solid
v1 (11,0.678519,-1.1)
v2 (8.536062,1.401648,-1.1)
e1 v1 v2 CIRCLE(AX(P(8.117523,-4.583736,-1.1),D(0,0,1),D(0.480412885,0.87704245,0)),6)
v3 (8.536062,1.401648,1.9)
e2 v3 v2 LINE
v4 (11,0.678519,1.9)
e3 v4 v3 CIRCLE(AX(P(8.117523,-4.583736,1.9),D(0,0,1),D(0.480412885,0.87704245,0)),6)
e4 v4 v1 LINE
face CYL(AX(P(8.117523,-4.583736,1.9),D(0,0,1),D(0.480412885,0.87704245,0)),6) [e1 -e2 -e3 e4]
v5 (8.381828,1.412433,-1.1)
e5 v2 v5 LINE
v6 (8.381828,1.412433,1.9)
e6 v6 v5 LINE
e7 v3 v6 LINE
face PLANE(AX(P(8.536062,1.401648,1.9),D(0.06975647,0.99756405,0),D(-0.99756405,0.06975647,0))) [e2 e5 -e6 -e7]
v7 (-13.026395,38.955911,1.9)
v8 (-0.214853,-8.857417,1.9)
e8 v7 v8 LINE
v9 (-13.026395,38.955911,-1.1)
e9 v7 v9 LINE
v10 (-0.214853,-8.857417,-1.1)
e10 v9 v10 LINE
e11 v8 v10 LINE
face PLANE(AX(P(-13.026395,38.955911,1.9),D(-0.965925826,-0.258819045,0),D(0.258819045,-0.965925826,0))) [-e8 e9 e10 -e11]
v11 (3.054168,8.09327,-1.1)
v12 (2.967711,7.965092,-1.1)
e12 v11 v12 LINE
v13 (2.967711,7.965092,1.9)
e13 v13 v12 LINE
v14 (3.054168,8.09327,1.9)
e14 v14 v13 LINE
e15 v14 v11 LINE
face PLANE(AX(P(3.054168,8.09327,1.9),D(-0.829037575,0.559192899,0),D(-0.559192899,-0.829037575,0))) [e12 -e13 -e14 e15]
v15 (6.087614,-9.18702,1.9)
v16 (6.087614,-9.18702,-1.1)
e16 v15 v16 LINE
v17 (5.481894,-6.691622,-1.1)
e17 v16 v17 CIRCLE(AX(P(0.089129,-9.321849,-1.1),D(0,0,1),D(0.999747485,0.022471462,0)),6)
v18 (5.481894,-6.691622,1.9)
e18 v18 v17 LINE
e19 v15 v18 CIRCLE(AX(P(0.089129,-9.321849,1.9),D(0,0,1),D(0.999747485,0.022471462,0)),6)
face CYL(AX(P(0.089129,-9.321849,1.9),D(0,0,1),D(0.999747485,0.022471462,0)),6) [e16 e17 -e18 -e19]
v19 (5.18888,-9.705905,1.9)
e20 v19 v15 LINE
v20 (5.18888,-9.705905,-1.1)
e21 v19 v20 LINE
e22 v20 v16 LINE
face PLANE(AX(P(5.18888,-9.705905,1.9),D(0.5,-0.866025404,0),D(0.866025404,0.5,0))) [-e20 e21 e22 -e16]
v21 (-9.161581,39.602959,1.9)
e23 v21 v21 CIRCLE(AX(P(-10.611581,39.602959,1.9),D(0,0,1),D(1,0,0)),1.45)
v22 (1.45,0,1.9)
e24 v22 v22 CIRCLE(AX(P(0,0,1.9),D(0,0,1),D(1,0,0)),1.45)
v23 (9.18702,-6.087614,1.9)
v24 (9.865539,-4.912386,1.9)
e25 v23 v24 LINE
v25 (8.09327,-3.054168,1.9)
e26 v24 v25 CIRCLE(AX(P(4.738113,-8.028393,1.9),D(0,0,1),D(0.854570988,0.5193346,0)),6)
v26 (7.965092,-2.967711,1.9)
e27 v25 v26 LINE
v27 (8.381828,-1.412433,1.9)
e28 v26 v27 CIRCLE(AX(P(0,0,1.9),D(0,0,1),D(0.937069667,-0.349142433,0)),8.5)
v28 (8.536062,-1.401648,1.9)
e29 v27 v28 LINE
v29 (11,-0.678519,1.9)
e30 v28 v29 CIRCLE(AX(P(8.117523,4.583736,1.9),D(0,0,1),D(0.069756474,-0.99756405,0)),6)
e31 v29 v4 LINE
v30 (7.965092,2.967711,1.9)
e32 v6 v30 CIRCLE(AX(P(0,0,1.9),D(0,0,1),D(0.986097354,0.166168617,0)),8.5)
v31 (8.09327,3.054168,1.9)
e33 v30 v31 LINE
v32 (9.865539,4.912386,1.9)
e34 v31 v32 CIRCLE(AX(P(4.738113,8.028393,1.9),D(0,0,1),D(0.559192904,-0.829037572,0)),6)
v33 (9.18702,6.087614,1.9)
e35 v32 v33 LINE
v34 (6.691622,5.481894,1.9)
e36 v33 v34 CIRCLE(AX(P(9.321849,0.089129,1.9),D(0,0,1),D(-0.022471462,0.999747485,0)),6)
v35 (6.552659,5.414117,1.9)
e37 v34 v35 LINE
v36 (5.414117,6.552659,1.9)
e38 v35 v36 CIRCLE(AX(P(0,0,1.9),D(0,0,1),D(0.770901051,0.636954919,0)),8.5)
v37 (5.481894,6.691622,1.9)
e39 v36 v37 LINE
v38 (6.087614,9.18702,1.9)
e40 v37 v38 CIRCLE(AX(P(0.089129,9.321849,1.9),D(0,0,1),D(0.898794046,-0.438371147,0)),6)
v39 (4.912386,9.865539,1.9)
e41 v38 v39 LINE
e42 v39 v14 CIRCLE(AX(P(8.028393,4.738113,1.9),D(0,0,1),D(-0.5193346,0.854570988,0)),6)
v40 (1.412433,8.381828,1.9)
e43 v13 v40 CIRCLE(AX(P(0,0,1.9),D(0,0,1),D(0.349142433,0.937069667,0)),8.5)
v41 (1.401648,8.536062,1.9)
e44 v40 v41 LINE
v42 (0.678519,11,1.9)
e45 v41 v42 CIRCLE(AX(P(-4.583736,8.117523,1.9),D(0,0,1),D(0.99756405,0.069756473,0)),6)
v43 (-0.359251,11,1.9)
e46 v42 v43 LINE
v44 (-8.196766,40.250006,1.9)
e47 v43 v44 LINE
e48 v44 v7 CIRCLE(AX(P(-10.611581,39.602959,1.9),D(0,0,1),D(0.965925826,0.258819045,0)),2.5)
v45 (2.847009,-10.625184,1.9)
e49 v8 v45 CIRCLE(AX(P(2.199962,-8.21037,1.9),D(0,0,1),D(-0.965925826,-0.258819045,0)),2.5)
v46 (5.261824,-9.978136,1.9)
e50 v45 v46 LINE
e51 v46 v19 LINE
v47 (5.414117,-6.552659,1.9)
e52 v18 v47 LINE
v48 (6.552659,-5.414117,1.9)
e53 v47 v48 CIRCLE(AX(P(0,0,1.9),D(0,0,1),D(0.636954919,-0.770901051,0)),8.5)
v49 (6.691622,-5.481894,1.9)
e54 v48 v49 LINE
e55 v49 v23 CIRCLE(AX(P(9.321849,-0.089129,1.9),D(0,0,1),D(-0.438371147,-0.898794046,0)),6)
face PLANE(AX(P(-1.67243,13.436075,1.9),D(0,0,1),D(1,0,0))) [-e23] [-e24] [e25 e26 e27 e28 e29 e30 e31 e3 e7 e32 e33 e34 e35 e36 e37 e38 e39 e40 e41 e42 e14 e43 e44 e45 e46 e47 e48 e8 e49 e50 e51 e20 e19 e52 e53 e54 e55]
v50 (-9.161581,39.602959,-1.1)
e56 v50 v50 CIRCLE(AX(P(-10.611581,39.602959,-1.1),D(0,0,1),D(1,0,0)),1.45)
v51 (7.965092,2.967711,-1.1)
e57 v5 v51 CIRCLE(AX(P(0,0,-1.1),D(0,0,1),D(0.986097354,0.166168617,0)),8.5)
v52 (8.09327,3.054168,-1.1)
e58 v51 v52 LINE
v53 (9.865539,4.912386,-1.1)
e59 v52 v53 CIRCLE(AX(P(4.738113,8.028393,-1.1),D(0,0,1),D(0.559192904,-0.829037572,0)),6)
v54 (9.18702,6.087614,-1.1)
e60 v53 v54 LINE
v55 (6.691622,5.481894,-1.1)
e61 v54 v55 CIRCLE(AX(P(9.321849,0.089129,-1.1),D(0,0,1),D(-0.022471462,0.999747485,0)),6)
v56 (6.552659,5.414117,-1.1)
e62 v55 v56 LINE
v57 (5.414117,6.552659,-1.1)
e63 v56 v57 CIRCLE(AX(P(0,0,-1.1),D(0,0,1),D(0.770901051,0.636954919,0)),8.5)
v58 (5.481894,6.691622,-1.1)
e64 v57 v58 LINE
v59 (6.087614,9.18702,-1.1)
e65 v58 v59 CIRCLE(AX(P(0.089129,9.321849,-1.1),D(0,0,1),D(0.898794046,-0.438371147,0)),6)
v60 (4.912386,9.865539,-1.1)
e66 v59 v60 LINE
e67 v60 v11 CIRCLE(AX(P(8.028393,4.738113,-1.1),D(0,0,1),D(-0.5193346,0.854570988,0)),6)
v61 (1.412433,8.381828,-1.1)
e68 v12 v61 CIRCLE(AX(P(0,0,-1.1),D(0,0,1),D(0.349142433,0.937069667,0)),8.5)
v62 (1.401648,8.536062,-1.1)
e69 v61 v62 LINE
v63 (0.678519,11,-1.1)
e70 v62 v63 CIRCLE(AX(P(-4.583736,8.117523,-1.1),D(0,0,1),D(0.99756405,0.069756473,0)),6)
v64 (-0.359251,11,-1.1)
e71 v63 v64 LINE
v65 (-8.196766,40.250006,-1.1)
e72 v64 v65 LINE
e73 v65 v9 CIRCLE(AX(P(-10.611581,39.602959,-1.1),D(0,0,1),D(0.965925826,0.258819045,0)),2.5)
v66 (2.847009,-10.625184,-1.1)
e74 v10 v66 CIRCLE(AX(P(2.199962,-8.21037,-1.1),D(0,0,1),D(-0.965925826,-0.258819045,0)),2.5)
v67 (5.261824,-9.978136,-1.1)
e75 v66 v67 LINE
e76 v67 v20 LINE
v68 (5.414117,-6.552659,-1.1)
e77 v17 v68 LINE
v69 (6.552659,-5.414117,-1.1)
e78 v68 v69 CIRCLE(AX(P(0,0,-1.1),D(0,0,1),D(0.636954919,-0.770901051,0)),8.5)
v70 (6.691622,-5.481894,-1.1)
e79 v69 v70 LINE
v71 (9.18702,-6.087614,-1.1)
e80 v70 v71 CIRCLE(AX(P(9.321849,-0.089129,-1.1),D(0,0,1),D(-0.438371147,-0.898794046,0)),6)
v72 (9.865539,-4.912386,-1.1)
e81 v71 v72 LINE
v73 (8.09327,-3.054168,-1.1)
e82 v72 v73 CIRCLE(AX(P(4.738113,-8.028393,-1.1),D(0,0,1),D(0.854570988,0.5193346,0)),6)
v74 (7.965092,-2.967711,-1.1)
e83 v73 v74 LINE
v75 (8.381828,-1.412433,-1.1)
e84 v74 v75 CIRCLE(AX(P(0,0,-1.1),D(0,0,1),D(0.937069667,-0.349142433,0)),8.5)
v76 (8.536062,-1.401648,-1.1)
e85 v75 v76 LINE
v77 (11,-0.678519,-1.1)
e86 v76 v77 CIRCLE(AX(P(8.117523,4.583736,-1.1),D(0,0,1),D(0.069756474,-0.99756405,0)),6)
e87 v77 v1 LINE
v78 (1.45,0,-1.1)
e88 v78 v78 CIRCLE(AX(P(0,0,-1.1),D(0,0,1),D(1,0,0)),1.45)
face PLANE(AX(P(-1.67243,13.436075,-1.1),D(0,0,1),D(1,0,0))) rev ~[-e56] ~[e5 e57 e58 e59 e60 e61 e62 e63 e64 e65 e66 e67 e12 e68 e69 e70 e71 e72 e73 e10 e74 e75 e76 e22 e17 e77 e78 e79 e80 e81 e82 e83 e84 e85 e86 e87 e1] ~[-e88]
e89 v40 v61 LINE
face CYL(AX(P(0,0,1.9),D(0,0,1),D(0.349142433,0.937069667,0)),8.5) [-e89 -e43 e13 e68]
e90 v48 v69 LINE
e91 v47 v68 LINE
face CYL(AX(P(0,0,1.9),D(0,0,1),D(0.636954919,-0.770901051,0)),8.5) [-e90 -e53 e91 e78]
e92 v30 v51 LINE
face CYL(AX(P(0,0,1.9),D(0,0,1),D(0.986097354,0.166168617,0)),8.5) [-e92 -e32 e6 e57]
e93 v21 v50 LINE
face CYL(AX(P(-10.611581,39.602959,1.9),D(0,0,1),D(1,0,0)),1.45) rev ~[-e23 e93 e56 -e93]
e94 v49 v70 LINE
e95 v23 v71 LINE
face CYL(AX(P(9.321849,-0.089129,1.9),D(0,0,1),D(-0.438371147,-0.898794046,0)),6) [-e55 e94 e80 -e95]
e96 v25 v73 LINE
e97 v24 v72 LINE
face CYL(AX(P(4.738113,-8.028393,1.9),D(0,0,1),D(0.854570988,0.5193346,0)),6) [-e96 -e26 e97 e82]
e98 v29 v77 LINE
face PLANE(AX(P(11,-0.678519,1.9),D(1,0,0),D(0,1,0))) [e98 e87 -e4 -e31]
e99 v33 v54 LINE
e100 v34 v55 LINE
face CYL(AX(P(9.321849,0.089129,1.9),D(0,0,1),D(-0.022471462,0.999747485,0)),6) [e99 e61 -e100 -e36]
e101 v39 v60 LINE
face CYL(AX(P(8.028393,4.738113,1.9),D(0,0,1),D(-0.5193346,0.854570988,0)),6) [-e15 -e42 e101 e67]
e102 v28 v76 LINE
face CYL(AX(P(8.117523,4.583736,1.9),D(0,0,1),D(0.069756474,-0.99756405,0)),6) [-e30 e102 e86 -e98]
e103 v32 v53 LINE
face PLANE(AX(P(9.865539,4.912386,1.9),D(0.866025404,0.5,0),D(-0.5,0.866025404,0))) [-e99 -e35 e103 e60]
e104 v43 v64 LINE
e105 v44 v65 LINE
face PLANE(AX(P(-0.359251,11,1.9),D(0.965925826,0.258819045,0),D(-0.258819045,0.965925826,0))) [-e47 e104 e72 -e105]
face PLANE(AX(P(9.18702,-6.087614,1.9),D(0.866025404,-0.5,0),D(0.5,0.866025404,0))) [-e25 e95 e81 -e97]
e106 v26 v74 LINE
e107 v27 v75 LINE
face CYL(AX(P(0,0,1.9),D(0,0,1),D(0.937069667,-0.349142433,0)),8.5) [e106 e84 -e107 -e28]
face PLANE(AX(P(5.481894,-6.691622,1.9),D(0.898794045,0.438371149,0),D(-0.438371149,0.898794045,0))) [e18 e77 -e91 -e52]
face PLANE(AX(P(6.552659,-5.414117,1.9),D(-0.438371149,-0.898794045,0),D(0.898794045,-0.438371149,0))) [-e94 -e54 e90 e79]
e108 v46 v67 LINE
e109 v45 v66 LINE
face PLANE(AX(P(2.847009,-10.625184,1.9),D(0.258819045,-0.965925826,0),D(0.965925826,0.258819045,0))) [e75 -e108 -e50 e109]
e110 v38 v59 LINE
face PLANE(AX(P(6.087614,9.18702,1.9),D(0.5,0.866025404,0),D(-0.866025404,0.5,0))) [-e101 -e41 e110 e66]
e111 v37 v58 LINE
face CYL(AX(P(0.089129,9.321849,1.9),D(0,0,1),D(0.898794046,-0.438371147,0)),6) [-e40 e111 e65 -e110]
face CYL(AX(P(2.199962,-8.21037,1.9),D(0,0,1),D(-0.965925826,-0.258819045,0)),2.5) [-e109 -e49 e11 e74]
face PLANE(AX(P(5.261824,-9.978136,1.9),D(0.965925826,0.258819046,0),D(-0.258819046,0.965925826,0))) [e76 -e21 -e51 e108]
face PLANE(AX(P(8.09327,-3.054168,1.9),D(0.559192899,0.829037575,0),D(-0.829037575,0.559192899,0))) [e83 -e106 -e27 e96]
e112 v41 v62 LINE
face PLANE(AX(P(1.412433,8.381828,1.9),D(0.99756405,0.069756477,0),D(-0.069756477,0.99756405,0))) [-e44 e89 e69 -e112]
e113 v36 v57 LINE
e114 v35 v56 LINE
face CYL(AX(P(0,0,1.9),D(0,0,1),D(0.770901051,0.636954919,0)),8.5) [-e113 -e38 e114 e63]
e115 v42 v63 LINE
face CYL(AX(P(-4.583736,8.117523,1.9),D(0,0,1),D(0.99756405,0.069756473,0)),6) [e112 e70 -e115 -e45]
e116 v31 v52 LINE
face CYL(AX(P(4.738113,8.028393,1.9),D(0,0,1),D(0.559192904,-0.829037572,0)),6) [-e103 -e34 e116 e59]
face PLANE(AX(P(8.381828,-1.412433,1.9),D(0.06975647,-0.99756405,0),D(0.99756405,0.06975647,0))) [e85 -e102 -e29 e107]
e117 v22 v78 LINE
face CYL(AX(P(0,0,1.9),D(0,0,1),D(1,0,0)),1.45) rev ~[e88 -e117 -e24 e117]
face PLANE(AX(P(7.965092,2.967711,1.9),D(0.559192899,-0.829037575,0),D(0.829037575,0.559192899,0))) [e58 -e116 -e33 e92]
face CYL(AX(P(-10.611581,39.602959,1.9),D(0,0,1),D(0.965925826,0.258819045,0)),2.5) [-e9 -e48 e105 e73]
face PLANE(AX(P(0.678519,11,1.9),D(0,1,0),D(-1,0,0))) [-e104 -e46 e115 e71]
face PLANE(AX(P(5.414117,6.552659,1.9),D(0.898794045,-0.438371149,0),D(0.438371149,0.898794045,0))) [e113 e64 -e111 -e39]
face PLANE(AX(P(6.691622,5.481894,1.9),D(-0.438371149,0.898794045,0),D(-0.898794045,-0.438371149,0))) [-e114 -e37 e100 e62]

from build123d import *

# Parameters (mm, degrees)
SKETCH1_R           = 1.45
BOSS_EXTRUDE1_DEPTH = 3


with BuildPart() as part:
    # Sketch1 → Boss-Extrude1 (new body)
    with BuildSketch(Plane.XY.offset(1.9)):
        with BuildLine():
            Line((-13.026395415, 38.955911265), (-0.214852682, -8.857417136))
            ThreePointArc((-0.214852682, -8.857417136), (0.949961883, -10.375433033), (2.847009496, -10.625184089))
            Line((2.847009496, -10.625184089), (5.261824062, -9.978136476))
            Line((5.261824062, -9.978136476), (5.188879797, -9.705904774))
            Line((5.188879797, -9.705904774), (6.08761429, -9.187020173))
            ThreePointArc((6.08761429, -9.187020173), (5.919814799, -7.906537121), (5.481893659, -6.691622066))
            Line((5.481893659, -6.691622066), (5.414116812, -6.552658937))
            ThreePointArc((5.414116812, -6.552658937), (6.01040764, -6.01040764), (6.552658937, -5.414116812))
            Line((6.552658937, -5.414116812), (6.691622066, -5.481893659))
            ThreePointArc((6.691622066, -5.481893659), (7.906537121, -5.919814799), (9.187020173, -6.08761429))
            Line((9.187020173, -6.08761429), (9.86553871, -4.91238571))
            ThreePointArc((9.86553871, -4.91238571), (9.079978562, -3.887354604), (8.093270203, -3.054167872))
            Line((8.093270203, -3.054167872), (7.965092167, -2.967710696))
            ThreePointArc((7.965092167, -2.967710696), (8.210369523, -2.199961883), (8.381827508, -1.41243323))
            Line((8.381827508, -1.41243323), (8.536061531, -1.401648137))
            ThreePointArc((8.536061531, -1.401648137), (9.807169402, -1.173441441), (11, -0.678518537))
            Line((11, -0.678518537), (11, 0.678518537))
            ThreePointArc((11, 0.678518537), (9.807169402, 1.173441441), (8.536061531, 1.401648137))
            Line((8.536061531, 1.401648137), (8.381827508, 1.41243323))
            ThreePointArc((8.381827508, 1.41243323), (8.210369523, 2.199961883), (7.965092167, 2.967710696))
            Line((7.965092167, 2.967710696), (8.093270203, 3.054167872))
            ThreePointArc((8.093270203, 3.054167872), (9.079978562, 3.887354604), (9.86553871, 4.91238571))
            Line((9.86553871, 4.91238571), (9.187020173, 6.08761429))
            ThreePointArc((9.187020173, 6.08761429), (7.906537121, 5.919814799), (6.691622066, 5.481893659))
            Line((6.691622066, 5.481893659), (6.552658937, 5.414116812))
            ThreePointArc((6.552658937, 5.414116812), (6.01040764, 6.01040764), (5.414116812, 6.552658937))
            Line((5.414116812, 6.552658937), (5.481893659, 6.691622066))
            ThreePointArc((5.481893659, 6.691622066), (5.919814799, 7.906537121), (6.08761429, 9.187020173))
            Line((6.08761429, 9.187020173), (4.91238571, 9.86553871))
            ThreePointArc((4.91238571, 9.86553871), (3.887354604, 9.079978562), (3.054167872, 8.093270203))
            Line((3.054167872, 8.093270203), (2.967710696, 7.965092167))
            ThreePointArc((2.967710696, 7.965092167), (2.199961883, 8.210369523), (1.41243323, 8.381827508))
            Line((1.41243323, 8.381827508), (1.401648136, 8.536061531))
            ThreePointArc((1.401648136, 8.536061531), (1.173441441, 9.807169402), (0.678518537, 11))
            Line((0.678518537, 11), (-0.359250666, 11))
            Line((-0.359250666, 11), (-8.196766283, 40.250006491))
            ThreePointArc((-8.196766283, 40.250006491), (-11.258628462, 42.017773444), (-13.026395415, 38.955911265))
        make_face()
        with Locations((-10.611580849, 39.602958878)):
            Circle(SKETCH1_R, mode=Mode.SUBTRACT)
        Circle(SKETCH1_R, mode=Mode.SUBTRACT)
    extrude(amount=-BOSS_EXTRUDE1_DEPTH)


solid = part.part
